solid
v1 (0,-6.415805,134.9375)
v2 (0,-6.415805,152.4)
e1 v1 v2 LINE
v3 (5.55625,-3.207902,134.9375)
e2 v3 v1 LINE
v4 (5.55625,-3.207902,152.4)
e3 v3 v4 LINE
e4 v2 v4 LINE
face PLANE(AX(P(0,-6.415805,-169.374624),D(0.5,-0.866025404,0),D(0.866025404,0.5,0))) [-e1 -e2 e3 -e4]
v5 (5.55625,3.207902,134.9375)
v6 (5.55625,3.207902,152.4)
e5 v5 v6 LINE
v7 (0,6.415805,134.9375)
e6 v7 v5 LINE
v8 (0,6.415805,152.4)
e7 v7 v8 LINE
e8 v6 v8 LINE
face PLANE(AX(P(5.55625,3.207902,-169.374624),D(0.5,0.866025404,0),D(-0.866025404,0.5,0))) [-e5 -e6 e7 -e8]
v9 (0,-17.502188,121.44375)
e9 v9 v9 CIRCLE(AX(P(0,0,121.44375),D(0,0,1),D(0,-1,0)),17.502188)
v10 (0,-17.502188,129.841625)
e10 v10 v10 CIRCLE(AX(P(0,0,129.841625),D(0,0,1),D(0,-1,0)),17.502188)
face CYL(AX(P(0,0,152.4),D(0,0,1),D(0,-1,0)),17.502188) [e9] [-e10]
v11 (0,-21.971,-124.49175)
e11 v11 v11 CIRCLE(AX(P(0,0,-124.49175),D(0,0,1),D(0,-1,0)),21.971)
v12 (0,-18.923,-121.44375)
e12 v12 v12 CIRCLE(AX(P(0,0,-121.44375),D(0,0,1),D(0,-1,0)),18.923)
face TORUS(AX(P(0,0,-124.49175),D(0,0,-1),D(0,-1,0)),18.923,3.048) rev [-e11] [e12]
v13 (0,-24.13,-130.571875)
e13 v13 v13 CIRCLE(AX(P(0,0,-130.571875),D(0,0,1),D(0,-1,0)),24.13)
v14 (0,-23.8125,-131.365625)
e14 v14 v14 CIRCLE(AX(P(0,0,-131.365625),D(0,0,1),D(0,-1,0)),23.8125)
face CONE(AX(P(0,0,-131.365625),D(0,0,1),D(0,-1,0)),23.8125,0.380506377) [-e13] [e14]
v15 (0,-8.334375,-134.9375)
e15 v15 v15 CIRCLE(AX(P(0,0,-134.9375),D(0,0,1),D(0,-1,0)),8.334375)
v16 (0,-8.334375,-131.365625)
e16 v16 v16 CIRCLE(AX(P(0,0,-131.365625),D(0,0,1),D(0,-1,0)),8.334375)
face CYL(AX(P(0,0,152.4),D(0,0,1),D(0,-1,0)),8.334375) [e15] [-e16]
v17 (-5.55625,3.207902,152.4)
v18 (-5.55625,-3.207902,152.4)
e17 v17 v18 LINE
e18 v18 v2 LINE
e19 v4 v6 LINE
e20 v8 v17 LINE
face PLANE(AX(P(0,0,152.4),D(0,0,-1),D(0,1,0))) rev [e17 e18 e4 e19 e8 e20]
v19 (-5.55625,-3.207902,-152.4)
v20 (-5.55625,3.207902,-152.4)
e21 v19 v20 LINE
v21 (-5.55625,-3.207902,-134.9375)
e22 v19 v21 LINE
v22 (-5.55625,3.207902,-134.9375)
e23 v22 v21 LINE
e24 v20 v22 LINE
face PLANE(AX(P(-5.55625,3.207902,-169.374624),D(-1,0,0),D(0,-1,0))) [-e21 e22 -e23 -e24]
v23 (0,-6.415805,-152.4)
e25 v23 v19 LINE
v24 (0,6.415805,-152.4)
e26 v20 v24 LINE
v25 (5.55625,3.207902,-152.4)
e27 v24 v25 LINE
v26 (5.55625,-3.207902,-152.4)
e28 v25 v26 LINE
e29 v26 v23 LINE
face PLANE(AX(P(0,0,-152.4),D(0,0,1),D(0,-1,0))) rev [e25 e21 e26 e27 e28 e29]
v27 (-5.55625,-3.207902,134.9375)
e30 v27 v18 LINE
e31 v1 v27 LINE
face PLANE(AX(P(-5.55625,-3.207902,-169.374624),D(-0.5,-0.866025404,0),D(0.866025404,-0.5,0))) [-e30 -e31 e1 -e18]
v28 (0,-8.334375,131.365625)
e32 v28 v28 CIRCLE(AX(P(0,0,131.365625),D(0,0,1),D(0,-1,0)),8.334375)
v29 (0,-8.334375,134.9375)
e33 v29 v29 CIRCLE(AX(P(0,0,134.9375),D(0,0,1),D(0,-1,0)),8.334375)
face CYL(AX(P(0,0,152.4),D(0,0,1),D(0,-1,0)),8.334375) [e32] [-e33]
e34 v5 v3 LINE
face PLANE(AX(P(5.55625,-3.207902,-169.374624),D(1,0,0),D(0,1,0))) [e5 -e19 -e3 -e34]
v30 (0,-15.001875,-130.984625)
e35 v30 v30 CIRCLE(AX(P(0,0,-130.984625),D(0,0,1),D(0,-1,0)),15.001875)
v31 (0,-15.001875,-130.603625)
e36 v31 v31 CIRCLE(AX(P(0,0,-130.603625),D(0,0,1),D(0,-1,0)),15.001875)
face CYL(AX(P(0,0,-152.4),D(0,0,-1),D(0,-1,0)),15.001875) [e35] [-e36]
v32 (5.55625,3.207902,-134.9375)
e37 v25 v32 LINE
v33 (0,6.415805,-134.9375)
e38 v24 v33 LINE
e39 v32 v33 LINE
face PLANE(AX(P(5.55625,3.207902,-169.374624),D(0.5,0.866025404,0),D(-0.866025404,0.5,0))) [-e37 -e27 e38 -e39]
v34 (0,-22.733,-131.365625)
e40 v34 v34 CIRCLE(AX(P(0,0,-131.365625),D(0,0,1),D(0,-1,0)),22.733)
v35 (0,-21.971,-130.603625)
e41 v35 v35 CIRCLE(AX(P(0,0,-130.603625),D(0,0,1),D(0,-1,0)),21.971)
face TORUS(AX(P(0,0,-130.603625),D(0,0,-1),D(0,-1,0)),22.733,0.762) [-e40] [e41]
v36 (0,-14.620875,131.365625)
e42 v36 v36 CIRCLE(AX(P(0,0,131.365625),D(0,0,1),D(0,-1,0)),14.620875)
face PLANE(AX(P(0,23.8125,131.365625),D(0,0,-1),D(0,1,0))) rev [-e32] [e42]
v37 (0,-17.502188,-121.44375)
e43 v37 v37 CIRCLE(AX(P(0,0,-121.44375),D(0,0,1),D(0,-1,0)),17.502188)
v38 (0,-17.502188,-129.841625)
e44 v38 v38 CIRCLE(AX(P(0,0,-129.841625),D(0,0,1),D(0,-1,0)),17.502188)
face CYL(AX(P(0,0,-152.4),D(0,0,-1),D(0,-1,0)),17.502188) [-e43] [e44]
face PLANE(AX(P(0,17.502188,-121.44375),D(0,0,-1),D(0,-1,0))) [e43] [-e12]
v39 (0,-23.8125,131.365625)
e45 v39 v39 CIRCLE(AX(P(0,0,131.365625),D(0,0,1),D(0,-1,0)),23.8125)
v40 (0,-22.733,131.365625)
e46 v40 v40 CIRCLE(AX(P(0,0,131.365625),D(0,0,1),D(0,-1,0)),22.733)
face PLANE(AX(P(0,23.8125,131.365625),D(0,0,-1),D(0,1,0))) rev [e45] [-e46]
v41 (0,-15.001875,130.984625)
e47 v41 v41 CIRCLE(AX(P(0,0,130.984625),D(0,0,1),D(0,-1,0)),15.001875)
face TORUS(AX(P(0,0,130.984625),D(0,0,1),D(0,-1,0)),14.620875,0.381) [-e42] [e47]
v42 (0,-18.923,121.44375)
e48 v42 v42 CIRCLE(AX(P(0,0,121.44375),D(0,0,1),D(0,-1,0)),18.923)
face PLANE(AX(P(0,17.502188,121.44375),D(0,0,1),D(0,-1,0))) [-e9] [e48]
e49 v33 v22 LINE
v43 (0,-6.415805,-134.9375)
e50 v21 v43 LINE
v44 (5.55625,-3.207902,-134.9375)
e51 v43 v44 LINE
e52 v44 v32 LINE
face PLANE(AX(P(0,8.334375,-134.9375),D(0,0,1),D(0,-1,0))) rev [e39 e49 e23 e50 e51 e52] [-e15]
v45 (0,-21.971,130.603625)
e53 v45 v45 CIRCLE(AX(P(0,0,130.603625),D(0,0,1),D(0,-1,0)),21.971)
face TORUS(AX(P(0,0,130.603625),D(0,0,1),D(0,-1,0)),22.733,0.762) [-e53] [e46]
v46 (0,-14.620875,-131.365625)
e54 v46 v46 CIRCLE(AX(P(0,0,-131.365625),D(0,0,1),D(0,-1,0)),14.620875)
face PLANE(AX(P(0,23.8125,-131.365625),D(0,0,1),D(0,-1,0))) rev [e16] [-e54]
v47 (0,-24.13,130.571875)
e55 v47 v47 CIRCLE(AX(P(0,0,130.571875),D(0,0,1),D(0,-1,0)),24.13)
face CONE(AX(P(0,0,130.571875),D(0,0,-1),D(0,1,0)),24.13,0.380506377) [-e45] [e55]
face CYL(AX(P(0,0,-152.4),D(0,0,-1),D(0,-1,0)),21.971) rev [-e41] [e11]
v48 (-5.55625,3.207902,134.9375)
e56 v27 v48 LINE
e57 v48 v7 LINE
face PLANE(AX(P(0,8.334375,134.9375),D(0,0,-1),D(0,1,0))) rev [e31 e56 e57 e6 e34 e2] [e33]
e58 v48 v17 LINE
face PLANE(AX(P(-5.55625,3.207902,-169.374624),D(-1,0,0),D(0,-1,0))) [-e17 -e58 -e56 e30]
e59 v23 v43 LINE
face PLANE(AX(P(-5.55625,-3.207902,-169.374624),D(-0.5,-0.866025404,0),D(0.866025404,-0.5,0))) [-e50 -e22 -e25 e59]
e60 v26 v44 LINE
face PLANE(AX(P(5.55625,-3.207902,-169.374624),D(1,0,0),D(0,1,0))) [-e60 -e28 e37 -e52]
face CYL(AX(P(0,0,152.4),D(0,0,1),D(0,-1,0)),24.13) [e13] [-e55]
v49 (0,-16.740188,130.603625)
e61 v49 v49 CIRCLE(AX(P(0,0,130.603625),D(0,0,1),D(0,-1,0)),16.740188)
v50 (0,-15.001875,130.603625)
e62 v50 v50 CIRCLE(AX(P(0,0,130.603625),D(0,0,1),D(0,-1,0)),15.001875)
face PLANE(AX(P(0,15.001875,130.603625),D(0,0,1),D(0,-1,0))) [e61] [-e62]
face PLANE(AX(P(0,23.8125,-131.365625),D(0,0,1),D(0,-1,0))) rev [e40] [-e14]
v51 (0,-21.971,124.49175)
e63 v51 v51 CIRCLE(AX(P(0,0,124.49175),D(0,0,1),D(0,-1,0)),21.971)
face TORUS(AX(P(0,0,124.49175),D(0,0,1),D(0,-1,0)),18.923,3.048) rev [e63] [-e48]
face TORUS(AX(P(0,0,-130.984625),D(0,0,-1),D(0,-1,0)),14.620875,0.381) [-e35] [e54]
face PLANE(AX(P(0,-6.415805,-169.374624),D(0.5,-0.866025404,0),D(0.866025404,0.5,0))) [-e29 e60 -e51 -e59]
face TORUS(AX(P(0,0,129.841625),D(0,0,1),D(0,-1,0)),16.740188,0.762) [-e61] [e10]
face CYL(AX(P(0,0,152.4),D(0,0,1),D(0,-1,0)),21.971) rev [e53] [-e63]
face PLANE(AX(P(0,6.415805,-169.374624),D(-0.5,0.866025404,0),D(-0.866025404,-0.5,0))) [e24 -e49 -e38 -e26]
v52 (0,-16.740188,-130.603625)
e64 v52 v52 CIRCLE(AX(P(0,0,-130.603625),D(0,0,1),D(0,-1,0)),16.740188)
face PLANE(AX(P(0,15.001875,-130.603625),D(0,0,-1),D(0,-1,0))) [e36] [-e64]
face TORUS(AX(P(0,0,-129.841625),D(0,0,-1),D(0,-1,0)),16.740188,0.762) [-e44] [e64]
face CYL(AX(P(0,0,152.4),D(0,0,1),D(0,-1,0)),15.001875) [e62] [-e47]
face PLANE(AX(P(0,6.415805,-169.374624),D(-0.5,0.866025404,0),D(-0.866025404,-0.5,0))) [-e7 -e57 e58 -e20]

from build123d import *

# Parameters (mm, degrees)
BOSS_EXTRUDE1_REACH = 308.704


with BuildPart() as part:
    # Sketch3 → Revolve1 (revolve)
    with BuildSketch(Plane(origin=(0, 0, 0), x_dir=(0, 0, -1), z_dir=(1, 0, 0)), mode=Mode.PRIVATE) as revolve1_sk:
        Polygon((152.4, 5.55625), (134.9375, 5.55625), (134.9375, 8.334375), (131.365625, 8.334375), (131.365625, 23.8125), (130.571875, 24.13), (-130.571875, 24.13), (-131.365625, 23.8125), (-131.365625, 8.334375), (-134.9375, 8.334375), (-134.9375, 5.55625), (-152.4, 5.55625), (-152.4, 0), (152.4, 0), align=None)
    revolve(revolve1_sk.sketch.rotate(Axis((0, 0, 152.4), (0, 0, -1)), 180), axis=Axis((0, 0, 152.4), (0, 0, -1)))

    # Boss-Extrude1: up to this face of the body (flat: up to its plane)
    boss_extrude1_end = Plane(part.part.faces().sort_by_distance((0, 0, -152.4))[0])
    # Sketch4 → Boss-Extrude1 (add, up to the picked face)
    with BuildSketch(Plane.XY.offset(152.4), mode=Mode.PRIVATE) as boss_extrude1_sk1:
        Polygon((0, 6.415804866), (-5.55625, 3.207902433), (-5.55625, -3.207902433), (0, -6.415804866), (5.55625, -3.207902433), (5.55625, 3.207902433), align=None)
    boss_extrude1_tool1 = split(extrude(boss_extrude1_sk1.sketch, amount=-BOSS_EXTRUDE1_REACH, mode=Mode.PRIVATE), bisect_by=boss_extrude1_end, keep=Keep.BOTH, mode=Mode.PRIVATE)
    add(boss_extrude1_tool1.solids().sort_by(Axis((0, 0, 152.4), (0, 0, -1)))[0])

    # Sketch6 → Cut-Revolve1 (revolve, cut)
    with BuildSketch(Plane(origin=(0, 0, 0), x_dir=(0, 0, -1), z_dir=(1, 0, 0)), mode=Mode.PRIVATE) as cut_revolve1_sk:
        with BuildLine():
            Line((-124.49175, 21.971), (-130.603625, 21.971))
            ThreePointArc((-130.603625, 21.971), (-131.142440367, 22.194184633), (-131.365625, 22.733))
            Line((-131.365625, 22.733), (-131.365625, 14.620875))
            ThreePointArc((-131.365625, 14.620875), (-131.254032684, 14.890282684), (-130.984625, 15.001875))
            Line((-130.984625, 15.001875), (-130.603625, 15.001875))
            Line((-130.603625, 15.001875), (-130.603625, 16.7401875))
            ThreePointArc((-130.603625, 16.7401875), (-130.380440367, 17.279002867), (-129.841625, 17.5021875))
            Line((-129.841625, 17.5021875), (-121.44375, 17.5021875))
            Line((-121.44375, 17.5021875), (-121.44375, 18.923))
            ThreePointArc((-121.44375, 18.923), (-122.336488531, 21.078261469), (-124.49175, 21.971))
        make_face()
    cut_revolve1 = revolve(cut_revolve1_sk.sketch.rotate(Axis((0, 0, 152.4), (0, 0, -1)), 180), axis=Axis((0, 0, 152.4), (0, 0, -1)), mode=Mode.SUBTRACT)

    # Mirror2: Cut-Revolve1 across plane
    add(cut_revolve1.mirror(Plane.XY), mode=Mode.SUBTRACT)


solid = part.part
